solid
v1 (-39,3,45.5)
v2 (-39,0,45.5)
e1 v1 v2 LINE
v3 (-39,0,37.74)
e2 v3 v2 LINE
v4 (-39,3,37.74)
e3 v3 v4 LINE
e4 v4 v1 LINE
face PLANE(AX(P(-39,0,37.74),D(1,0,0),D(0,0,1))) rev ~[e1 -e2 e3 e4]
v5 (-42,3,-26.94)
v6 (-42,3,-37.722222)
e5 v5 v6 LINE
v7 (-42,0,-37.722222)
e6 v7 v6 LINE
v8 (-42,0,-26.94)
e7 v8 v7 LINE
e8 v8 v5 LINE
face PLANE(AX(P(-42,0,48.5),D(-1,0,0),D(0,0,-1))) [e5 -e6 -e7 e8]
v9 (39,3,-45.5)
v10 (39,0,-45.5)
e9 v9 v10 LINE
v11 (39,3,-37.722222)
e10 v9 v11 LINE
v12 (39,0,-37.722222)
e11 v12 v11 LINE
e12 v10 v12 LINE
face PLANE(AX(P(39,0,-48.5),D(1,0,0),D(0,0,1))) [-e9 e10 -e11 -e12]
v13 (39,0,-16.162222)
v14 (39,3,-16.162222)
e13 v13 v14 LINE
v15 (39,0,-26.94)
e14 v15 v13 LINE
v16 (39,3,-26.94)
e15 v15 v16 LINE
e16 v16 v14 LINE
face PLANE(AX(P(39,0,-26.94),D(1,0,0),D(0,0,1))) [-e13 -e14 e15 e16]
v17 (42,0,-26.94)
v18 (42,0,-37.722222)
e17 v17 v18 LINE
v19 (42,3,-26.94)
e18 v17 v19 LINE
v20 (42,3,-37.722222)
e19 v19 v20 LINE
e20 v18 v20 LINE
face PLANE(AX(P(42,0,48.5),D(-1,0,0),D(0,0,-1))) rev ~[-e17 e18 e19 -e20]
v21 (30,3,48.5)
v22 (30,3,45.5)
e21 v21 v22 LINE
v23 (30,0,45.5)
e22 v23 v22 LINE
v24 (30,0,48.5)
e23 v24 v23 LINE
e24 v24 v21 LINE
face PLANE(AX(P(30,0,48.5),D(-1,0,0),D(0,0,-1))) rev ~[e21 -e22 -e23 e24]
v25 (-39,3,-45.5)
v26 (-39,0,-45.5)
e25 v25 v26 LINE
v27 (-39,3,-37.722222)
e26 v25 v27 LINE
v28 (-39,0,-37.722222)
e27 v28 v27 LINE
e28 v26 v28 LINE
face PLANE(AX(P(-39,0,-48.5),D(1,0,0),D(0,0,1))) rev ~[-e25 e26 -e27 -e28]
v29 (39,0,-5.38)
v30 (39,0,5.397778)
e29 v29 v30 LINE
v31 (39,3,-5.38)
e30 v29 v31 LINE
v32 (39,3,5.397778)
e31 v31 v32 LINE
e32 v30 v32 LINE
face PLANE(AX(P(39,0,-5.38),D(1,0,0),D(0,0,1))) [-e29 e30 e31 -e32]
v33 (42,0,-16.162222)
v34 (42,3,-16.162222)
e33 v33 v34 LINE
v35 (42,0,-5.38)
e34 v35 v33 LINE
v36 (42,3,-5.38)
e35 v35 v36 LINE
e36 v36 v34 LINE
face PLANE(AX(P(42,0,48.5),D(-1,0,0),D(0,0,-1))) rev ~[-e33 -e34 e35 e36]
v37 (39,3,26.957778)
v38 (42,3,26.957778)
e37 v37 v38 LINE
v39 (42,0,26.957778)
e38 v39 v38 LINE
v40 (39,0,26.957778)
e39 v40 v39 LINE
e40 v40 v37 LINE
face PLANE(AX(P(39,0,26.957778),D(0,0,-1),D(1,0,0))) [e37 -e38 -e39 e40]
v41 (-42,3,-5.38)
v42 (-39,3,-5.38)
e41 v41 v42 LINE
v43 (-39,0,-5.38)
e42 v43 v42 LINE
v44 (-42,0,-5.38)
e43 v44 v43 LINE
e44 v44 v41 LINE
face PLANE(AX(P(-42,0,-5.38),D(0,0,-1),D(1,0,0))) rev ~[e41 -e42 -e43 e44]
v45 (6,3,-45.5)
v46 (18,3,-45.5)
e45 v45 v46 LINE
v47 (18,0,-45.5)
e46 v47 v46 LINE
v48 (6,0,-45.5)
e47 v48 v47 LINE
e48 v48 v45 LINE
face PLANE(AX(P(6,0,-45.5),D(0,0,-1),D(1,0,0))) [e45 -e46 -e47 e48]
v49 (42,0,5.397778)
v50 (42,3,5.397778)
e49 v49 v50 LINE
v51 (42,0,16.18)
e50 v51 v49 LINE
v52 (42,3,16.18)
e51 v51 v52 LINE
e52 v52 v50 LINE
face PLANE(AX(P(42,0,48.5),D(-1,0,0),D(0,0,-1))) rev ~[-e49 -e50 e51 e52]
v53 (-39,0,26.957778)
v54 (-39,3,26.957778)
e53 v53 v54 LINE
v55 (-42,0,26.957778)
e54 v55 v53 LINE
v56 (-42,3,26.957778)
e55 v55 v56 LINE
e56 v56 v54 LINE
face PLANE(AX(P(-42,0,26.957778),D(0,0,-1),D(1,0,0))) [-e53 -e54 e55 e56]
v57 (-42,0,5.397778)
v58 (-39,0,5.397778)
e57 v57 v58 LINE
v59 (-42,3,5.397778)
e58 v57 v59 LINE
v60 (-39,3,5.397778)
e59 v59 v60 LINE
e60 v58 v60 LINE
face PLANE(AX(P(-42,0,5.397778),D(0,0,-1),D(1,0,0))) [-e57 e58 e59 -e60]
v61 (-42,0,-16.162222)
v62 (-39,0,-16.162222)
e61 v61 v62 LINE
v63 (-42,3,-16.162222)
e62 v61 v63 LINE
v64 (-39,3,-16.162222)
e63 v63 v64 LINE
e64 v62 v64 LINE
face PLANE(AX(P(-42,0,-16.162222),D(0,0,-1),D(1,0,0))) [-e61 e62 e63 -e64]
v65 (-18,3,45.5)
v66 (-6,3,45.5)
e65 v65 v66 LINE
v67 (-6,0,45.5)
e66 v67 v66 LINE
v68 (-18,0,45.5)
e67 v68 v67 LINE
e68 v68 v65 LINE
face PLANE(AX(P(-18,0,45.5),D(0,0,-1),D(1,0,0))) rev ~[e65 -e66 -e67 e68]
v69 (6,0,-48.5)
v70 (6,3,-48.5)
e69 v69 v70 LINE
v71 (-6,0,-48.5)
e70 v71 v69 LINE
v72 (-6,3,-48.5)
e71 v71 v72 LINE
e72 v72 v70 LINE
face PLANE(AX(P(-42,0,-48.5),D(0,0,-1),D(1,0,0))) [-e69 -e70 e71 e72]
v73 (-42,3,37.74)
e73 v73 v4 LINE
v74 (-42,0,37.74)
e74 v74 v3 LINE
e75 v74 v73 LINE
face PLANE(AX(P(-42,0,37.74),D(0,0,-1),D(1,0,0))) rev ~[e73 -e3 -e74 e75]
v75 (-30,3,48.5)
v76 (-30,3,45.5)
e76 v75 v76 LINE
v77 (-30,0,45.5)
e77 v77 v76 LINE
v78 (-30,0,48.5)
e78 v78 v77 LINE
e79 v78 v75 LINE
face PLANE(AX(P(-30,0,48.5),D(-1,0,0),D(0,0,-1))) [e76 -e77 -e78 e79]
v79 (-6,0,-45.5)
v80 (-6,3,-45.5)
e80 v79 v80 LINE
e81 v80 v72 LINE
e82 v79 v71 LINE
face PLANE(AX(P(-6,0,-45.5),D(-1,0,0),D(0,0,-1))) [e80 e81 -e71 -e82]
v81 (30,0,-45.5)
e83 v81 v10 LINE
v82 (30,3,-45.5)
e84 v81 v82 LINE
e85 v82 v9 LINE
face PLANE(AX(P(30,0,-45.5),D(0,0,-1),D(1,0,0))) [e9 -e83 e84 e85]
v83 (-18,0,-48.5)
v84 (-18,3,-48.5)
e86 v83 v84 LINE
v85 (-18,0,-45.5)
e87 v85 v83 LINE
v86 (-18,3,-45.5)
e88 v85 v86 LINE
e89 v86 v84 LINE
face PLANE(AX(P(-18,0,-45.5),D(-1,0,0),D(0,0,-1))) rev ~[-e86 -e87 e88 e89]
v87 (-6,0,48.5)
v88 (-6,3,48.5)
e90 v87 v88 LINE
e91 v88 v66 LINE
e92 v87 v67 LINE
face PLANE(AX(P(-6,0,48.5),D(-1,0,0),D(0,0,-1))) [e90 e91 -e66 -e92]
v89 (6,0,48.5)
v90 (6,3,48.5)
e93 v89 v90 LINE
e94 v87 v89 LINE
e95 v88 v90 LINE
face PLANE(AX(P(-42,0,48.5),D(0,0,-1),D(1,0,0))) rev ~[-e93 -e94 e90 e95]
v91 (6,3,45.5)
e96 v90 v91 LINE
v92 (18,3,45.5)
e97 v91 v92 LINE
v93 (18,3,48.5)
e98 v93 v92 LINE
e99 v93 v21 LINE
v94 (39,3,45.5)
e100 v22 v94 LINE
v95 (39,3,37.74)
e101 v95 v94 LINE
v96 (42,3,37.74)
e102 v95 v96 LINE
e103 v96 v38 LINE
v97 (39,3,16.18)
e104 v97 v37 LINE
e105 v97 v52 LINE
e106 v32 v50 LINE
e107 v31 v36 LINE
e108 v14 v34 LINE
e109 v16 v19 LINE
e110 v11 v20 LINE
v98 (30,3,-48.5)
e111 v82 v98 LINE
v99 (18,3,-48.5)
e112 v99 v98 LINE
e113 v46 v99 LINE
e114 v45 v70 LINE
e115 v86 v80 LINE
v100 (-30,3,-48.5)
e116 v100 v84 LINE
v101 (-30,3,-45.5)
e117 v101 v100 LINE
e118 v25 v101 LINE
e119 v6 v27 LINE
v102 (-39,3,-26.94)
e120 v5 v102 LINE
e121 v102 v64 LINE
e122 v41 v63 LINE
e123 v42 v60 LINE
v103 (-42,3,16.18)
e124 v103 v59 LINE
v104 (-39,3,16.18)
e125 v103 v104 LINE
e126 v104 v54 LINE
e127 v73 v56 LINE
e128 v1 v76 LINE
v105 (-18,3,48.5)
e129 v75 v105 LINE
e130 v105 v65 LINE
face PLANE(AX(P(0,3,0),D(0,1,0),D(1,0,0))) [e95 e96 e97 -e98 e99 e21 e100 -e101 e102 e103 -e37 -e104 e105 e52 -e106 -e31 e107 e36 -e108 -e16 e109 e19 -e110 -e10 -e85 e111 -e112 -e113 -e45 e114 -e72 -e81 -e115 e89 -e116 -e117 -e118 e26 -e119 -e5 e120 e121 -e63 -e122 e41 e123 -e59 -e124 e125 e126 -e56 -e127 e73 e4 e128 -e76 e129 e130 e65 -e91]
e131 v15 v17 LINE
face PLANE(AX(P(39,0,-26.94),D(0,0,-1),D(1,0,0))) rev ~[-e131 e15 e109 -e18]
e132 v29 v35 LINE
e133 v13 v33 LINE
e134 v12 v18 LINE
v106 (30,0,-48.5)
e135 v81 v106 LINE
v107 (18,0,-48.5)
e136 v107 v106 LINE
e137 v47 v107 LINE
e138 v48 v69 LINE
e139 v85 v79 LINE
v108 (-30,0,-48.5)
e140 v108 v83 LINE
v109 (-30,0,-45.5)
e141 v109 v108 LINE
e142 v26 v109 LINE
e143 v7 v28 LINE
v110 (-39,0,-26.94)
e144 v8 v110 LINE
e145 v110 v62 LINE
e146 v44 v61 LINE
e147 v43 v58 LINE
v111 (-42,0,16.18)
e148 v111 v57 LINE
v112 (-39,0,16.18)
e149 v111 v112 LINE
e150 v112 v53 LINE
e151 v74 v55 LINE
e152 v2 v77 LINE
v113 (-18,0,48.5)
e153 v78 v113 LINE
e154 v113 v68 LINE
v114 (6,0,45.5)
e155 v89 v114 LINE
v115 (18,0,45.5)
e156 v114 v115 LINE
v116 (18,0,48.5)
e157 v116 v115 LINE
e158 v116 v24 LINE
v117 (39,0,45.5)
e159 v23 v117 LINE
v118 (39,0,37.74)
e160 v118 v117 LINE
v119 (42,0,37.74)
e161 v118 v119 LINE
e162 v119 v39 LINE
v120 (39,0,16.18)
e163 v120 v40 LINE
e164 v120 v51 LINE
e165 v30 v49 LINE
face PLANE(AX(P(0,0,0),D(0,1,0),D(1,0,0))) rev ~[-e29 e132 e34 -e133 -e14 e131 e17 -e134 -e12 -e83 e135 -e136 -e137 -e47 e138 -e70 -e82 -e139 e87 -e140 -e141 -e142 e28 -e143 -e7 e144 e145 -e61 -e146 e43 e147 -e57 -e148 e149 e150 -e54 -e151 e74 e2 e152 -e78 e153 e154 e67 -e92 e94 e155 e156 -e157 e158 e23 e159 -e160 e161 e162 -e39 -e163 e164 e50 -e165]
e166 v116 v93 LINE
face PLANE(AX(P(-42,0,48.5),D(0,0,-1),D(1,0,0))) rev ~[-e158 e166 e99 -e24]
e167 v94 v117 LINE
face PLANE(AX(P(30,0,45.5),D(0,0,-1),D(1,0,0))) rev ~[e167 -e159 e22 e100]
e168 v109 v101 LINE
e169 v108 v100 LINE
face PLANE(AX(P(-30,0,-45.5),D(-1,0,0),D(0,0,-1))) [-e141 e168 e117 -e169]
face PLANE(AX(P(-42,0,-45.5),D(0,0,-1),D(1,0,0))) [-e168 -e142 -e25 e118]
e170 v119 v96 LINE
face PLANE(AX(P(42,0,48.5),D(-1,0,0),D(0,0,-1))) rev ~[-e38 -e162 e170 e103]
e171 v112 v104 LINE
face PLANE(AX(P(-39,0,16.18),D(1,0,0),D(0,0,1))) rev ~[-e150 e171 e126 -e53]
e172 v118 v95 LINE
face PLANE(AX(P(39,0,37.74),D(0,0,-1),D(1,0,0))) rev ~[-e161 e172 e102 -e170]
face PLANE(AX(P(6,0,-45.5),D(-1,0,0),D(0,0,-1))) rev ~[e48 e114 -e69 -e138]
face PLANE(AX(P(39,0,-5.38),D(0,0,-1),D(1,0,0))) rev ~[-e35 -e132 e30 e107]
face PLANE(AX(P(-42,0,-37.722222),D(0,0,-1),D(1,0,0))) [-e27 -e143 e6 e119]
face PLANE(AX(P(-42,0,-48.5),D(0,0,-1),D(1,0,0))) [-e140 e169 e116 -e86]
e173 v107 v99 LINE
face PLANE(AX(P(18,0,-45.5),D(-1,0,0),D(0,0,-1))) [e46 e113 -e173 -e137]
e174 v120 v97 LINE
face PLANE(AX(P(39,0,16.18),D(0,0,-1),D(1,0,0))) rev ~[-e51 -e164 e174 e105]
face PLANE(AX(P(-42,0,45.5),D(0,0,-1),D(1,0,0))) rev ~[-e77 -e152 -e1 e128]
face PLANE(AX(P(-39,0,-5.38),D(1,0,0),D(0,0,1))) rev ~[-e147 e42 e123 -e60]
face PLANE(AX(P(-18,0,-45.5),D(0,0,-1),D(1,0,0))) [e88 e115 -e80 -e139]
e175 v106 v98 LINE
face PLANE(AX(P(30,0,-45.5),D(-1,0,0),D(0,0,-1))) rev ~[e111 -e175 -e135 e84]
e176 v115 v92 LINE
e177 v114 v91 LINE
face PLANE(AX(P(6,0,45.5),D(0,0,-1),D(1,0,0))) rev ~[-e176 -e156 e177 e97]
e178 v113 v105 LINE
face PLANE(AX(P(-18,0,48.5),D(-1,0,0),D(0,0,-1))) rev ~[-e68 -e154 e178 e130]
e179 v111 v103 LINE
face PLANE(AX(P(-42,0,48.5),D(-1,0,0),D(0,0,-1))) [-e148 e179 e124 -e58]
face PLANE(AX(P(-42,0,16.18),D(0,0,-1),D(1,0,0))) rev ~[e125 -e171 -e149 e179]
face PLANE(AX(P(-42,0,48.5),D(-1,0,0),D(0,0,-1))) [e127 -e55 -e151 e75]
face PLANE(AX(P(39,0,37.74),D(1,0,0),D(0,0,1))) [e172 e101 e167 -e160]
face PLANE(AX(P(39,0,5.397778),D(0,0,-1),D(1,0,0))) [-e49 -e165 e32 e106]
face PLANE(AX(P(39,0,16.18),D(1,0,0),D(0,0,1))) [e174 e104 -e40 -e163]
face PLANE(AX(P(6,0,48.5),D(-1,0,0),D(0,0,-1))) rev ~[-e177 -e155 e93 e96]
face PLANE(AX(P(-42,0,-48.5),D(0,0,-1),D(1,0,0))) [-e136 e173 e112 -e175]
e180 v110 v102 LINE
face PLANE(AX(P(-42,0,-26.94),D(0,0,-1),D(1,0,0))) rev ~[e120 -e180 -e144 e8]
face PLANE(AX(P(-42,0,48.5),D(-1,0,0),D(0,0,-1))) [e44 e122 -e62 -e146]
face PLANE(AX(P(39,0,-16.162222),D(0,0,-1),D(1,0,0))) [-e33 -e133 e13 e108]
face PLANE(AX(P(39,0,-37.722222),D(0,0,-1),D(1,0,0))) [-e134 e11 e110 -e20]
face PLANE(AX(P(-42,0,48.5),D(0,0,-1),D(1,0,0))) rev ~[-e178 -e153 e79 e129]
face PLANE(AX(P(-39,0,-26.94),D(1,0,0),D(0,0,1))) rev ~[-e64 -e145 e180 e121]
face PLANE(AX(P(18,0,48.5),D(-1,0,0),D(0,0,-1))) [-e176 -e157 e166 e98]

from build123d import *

# Parameters (mm, degrees)
ESBO_O1_W                = 84
ESBO_O1_H                = 97
RESSALTO_EXTRUS_O1_DEPTH = 3
ESBO_O2_W                = 3
ESBO_O2_H                = 10.777777778
CORTE_EXTRUS_O4_DEPTH    = 3
CORTE_EXTRUS_O9_REACH    = 66.228
ESBO_O5_W                = 12
ESBO_O5_H                = 3


with BuildPart() as part:
    # Esboço1 → Ressalto-extrusão1 (new body)
    with BuildSketch(Plane(origin=(0, 0, 0), x_dir=(1, 0, 0), z_dir=(0, 1, 0))):
        Rectangle(ESBO_O1_W, ESBO_O1_H)
    extrude(amount=RESSALTO_EXTRUS_O1_DEPTH)

    # Esboço2 → Corte-extrusão4 (cut)
    with BuildSketch(Plane.XZ):
        with Locations((-40.5, -43.111111111)):
            Rectangle(ESBO_O2_W, ESBO_O2_H)
        with Locations((40.5, -43.111111111)):
            Rectangle(ESBO_O2_W, ESBO_O2_H)
        with Locations((40.5, -21.551111111)):
            Rectangle(ESBO_O2_W, ESBO_O2_H)
        with Locations((40.5, 0.008888889)):
            Rectangle(ESBO_O2_W, ESBO_O2_H)
        with Locations((40.5, 21.568888889)):
            Rectangle(ESBO_O2_W, ESBO_O2_H)
        with Locations((40.5, 43.128888889)):
            Rectangle(ESBO_O2_W, ESBO_O2_H)
        with Locations((-40.5, -21.551111111)):
            Rectangle(ESBO_O2_W, ESBO_O2_H)
        with Locations((-40.5, 0.008888889)):
            Rectangle(ESBO_O2_W, ESBO_O2_H)
        with Locations((-40.5, 21.568888889)):
            Rectangle(ESBO_O2_W, ESBO_O2_H)
        with Locations((-40.5, 43.128888889)):
            Rectangle(ESBO_O2_W, ESBO_O2_H)
    extrude(amount=-CORTE_EXTRUS_O4_DEPTH, mode=Mode.SUBTRACT)

    # Esboço5 → Corte-extrusão9 (cut, up to next)
    with BuildSketch(Plane(origin=(0, 0, 0), x_dir=(1, 0, 0), z_dir=(0, 1, 0)), mode=Mode.PRIVATE) as corte_extrus_o9_sk1:
        with Locations((-36, 47)):
            Rectangle(ESBO_O5_W, ESBO_O5_H)
    corte_extrus_o9_tool1 = extrude(corte_extrus_o9_sk1.sketch, amount=CORTE_EXTRUS_O9_REACH, mode=Mode.PRIVATE) & part.part
    # Esboço5 → Corte-extrusão9 (cut, up to next)
    with BuildSketch(Plane(origin=(0, 0, 0), x_dir=(1, 0, 0), z_dir=(0, 1, 0)), mode=Mode.PRIVATE) as corte_extrus_o9_sk2:
        with Locations((-36, -47)):
            Rectangle(ESBO_O5_W, ESBO_O5_H)
    corte_extrus_o9_tool2 = extrude(corte_extrus_o9_sk2.sketch, amount=CORTE_EXTRUS_O9_REACH, mode=Mode.PRIVATE) & part.part
    # Esboço5 → Corte-extrusão9 (cut, up to next)
    with BuildSketch(Plane(origin=(0, 0, 0), x_dir=(1, 0, 0), z_dir=(0, 1, 0)), mode=Mode.PRIVATE) as corte_extrus_o9_sk3:
        with Locations((36, -47)):
            Rectangle(ESBO_O5_W, ESBO_O5_H)
    corte_extrus_o9_tool3 = extrude(corte_extrus_o9_sk3.sketch, amount=CORTE_EXTRUS_O9_REACH, mode=Mode.PRIVATE) & part.part
    # Esboço5 → Corte-extrusão9 (cut, up to next)
    with BuildSketch(Plane(origin=(0, 0, 0), x_dir=(1, 0, 0), z_dir=(0, 1, 0)), mode=Mode.PRIVATE) as corte_extrus_o9_sk4:
        with Locations((36, 47)):
            Rectangle(ESBO_O5_W, ESBO_O5_H)
    corte_extrus_o9_tool4 = extrude(corte_extrus_o9_sk4.sketch, amount=CORTE_EXTRUS_O9_REACH, mode=Mode.PRIVATE) & part.part
    # Esboço5 → Corte-extrusão9 (cut, up to next)
    with BuildSketch(Plane(origin=(0, 0, 0), x_dir=(1, 0, 0), z_dir=(0, 1, 0)), mode=Mode.PRIVATE) as corte_extrus_o9_sk5:
        with Locations((-12, -47)):
            Rectangle(ESBO_O5_W, ESBO_O5_H)
    corte_extrus_o9_tool5 = extrude(corte_extrus_o9_sk5.sketch, amount=CORTE_EXTRUS_O9_REACH, mode=Mode.PRIVATE) & part.part
    # Esboço5 → Corte-extrusão9 (cut, up to next)
    with BuildSketch(Plane(origin=(0, 0, 0), x_dir=(1, 0, 0), z_dir=(0, 1, 0)), mode=Mode.PRIVATE) as corte_extrus_o9_sk6:
        with Locations((12, -47)):
            Rectangle(ESBO_O5_W, ESBO_O5_H)
    corte_extrus_o9_tool6 = extrude(corte_extrus_o9_sk6.sketch, amount=CORTE_EXTRUS_O9_REACH, mode=Mode.PRIVATE) & part.part
    # Esboço5 → Corte-extrusão9 (cut, up to next)
    with BuildSketch(Plane(origin=(0, 0, 0), x_dir=(1, 0, 0), z_dir=(0, 1, 0)), mode=Mode.PRIVATE) as corte_extrus_o9_sk7:
        with Locations((-12, 47)):
            Rectangle(ESBO_O5_W, ESBO_O5_H)
    corte_extrus_o9_tool7 = extrude(corte_extrus_o9_sk7.sketch, amount=CORTE_EXTRUS_O9_REACH, mode=Mode.PRIVATE) & part.part
    # Esboço5 → Corte-extrusão9 (cut, up to next)
    with BuildSketch(Plane(origin=(0, 0, 0), x_dir=(1, 0, 0), z_dir=(0, 1, 0)), mode=Mode.PRIVATE) as corte_extrus_o9_sk8:
        with Locations((12, 47)):
            Rectangle(ESBO_O5_W, ESBO_O5_H)
    corte_extrus_o9_tool8 = extrude(corte_extrus_o9_sk8.sketch, amount=CORTE_EXTRUS_O9_REACH, mode=Mode.PRIVATE) & part.part
    add(corte_extrus_o9_tool1.solids().sort_by_distance((-36, 0, -47))[0], mode=Mode.SUBTRACT)
    add(corte_extrus_o9_tool2.solids().sort_by_distance((-36, 0, 47))[0], mode=Mode.SUBTRACT)
    add(corte_extrus_o9_tool3.solids().sort_by_distance((36, 0, 47))[0], mode=Mode.SUBTRACT)
    add(corte_extrus_o9_tool4.solids().sort_by_distance((36, 0, -47))[0], mode=Mode.SUBTRACT)
    add(corte_extrus_o9_tool5.solids().sort_by_distance((-12, 0, 47))[0], mode=Mode.SUBTRACT)
    add(corte_extrus_o9_tool6.solids().sort_by_distance((12, 0, 47))[0], mode=Mode.SUBTRACT)
    add(corte_extrus_o9_tool7.solids().sort_by_distance((-12, 0, -47))[0], mode=Mode.SUBTRACT)
    add(corte_extrus_o9_tool8.solids().sort_by_distance((12, 0, -47))[0], mode=Mode.SUBTRACT)


solid = part.part
